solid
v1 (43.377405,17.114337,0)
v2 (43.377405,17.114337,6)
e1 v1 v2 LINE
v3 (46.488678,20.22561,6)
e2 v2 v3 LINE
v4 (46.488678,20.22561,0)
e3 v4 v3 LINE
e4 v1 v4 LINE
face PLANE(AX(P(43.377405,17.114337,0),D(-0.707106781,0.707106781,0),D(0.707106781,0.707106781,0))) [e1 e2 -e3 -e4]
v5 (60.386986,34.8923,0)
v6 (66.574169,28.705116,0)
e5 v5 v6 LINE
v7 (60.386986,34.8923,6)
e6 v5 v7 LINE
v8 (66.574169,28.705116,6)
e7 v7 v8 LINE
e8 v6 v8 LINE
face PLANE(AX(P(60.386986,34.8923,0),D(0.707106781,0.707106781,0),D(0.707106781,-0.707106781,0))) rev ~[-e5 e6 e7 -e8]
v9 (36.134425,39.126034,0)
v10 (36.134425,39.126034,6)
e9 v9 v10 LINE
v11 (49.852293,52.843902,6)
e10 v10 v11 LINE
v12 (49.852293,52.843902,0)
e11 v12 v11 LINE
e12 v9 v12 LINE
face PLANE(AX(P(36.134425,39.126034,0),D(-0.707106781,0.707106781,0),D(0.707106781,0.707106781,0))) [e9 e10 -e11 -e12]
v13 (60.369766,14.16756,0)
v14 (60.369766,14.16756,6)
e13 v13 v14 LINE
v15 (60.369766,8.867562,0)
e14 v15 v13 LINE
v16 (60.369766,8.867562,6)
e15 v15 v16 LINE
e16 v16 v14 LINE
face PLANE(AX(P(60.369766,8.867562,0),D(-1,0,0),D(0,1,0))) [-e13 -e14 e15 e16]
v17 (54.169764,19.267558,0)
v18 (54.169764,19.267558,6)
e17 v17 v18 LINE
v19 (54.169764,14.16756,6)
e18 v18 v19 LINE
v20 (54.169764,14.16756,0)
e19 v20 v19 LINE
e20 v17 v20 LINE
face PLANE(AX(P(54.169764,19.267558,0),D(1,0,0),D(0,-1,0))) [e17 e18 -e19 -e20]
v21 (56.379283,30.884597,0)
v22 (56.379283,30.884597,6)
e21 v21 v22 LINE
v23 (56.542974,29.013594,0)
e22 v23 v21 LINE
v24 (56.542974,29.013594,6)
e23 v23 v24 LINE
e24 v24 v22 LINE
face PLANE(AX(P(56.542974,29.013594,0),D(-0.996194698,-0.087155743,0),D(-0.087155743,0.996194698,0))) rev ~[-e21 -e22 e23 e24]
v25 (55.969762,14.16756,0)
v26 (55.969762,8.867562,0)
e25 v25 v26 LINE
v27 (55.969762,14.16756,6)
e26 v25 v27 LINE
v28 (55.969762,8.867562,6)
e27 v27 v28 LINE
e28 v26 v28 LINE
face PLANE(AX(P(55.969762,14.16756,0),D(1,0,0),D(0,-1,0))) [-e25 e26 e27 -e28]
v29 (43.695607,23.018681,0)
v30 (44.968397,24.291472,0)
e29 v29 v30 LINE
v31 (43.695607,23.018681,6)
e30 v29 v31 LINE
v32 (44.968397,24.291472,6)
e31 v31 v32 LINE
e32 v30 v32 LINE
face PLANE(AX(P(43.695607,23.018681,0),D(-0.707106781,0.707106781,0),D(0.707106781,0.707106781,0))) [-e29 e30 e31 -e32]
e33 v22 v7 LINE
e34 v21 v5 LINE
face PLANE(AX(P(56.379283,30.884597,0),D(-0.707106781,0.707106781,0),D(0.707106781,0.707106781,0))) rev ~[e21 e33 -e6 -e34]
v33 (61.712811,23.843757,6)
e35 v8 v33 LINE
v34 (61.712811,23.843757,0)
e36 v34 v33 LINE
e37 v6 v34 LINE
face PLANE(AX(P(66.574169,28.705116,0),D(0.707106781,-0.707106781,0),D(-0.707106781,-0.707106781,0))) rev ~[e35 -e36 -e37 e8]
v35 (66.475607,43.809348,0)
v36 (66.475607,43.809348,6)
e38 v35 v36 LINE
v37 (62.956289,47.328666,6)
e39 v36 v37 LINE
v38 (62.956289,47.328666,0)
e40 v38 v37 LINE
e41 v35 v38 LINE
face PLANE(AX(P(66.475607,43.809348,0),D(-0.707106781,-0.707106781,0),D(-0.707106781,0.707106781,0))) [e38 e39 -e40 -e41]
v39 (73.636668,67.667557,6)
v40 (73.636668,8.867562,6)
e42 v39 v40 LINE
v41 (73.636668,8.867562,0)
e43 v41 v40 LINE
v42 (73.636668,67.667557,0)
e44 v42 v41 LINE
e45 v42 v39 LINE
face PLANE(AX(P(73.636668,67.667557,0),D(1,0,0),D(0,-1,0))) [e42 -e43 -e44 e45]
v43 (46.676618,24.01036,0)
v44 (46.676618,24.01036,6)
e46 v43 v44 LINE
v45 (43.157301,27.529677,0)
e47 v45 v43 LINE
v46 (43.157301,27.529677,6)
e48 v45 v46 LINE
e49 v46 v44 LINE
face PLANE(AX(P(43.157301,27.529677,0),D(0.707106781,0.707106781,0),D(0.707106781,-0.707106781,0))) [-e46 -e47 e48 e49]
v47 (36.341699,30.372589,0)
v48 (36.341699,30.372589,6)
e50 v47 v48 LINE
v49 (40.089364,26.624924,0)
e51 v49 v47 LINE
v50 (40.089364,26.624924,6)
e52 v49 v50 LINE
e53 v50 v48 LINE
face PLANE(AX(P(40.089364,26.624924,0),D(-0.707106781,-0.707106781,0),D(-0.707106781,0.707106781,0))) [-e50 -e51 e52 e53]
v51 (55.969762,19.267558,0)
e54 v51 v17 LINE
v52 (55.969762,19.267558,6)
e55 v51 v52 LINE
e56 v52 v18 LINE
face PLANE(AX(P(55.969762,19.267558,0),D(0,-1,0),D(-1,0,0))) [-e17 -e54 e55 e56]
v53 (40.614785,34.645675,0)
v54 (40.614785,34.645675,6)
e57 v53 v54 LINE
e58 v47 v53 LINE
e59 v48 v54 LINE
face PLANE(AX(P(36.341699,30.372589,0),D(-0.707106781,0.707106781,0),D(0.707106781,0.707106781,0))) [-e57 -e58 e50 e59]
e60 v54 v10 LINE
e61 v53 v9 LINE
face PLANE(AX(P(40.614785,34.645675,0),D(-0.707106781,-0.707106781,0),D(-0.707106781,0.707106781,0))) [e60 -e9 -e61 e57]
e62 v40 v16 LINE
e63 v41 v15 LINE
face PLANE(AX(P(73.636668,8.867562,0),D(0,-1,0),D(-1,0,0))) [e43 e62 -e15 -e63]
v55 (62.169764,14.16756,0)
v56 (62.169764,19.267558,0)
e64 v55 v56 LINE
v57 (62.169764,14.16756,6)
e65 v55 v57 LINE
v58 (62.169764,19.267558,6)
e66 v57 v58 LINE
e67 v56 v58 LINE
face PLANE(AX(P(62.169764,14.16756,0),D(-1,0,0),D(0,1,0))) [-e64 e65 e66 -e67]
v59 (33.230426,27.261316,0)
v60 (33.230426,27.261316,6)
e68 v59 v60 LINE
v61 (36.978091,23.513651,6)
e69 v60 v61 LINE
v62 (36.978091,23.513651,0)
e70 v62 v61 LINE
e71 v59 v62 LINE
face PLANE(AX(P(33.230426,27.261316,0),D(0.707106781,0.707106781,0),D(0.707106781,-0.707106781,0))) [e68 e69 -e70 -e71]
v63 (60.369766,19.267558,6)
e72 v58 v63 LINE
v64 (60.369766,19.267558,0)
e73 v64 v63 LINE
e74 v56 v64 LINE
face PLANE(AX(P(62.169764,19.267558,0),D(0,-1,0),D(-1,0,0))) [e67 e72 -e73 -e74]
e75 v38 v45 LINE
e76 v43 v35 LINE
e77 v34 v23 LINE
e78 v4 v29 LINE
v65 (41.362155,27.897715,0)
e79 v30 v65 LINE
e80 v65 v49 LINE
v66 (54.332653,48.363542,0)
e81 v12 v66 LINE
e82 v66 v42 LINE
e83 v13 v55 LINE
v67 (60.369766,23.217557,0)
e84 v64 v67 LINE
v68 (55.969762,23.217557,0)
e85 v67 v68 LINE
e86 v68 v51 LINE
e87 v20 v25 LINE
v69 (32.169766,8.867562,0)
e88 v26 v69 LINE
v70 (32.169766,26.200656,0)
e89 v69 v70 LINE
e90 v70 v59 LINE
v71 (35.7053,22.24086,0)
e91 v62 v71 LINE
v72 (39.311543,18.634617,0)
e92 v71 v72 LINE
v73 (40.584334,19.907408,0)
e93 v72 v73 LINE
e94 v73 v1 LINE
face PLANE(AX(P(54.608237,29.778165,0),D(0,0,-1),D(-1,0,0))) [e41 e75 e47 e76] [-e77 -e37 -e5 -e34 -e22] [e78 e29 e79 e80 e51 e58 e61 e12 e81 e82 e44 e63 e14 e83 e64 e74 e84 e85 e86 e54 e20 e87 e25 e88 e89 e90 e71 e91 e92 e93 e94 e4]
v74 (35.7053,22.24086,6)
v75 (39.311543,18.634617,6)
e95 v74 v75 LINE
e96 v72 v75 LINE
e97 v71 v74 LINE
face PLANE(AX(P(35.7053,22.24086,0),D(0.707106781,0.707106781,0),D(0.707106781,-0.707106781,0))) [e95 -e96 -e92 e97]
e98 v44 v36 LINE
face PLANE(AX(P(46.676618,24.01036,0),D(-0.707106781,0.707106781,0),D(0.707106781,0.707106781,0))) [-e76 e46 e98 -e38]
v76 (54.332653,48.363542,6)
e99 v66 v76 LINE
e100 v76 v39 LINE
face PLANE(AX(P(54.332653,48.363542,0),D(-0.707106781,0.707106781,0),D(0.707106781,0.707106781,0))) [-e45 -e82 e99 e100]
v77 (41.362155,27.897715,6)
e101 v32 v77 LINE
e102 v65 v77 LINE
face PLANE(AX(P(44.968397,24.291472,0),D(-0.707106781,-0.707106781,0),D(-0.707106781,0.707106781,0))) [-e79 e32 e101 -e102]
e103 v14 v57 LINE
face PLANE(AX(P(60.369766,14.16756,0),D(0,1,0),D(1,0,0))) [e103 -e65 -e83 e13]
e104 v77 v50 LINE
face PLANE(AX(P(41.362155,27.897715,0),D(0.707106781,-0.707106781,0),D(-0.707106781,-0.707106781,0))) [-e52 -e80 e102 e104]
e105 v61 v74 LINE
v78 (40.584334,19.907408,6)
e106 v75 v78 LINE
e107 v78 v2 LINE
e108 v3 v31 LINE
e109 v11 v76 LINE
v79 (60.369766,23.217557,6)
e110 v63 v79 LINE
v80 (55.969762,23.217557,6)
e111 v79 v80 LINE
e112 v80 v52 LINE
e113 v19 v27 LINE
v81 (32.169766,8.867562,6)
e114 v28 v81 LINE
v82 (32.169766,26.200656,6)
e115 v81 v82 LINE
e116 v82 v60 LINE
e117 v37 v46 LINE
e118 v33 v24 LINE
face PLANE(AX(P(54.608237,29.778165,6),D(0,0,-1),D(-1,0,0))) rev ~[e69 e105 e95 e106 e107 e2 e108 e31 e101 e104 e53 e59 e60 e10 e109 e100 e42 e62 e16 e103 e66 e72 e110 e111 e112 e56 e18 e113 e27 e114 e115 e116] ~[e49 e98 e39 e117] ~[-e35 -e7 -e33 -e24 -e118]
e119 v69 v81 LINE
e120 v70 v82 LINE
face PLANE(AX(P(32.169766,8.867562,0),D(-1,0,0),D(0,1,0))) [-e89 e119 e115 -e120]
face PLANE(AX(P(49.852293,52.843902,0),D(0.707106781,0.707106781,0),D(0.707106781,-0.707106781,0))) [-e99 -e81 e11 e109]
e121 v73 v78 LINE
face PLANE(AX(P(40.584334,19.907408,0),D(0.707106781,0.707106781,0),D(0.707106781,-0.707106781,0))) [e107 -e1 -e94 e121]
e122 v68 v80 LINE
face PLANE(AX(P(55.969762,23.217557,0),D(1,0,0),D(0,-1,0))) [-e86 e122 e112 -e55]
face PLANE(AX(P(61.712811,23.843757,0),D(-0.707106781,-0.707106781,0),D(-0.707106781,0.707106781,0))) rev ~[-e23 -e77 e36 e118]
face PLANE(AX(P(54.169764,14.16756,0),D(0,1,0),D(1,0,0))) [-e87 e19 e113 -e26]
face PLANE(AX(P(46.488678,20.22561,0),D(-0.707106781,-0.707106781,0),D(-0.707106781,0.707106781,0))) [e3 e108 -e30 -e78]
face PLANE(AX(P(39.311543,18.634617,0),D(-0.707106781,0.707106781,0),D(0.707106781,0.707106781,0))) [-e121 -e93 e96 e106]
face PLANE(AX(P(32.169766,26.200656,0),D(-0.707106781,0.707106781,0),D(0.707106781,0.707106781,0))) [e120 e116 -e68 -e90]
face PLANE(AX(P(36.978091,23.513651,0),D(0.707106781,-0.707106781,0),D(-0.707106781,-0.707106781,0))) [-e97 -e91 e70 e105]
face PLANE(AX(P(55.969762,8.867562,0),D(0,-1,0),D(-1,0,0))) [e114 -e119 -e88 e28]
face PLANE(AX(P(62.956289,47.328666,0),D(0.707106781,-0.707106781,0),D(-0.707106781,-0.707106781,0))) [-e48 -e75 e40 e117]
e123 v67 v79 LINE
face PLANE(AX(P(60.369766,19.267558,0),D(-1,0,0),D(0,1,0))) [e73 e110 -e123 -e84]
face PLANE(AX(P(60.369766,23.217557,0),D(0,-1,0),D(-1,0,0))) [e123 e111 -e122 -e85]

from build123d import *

# Parameters (mm, degrees)
RESSALTO_EXTRUS_O1_DEPTH = 6


with BuildPart() as part:
    # Model → Ressalto-extrusão1 (new body)
    with BuildSketch(Plane.XY):
        Polygon((36.978091014, 23.513650985), (35.70530016, 22.240860131), (39.311542875, 18.634617416), (40.584333729, 19.90740827), (43.377405166, 17.114336834), (46.488678057, 20.225609725), (43.695606621, 23.018681162), (44.968397475, 24.291472016), (41.36215476, 27.897714731), (40.089363906, 26.624923877), (36.341699099, 30.372588684), (40.614784991, 34.645674576), (36.134425304, 39.126034262), (49.852292818, 52.843901776), (54.332652505, 48.36354209), (73.636667559, 67.667557144), (73.636667559, 8.867561848), (60.3697662, 8.867561848), (60.3697662, 14.167560246), (62.169764288, 14.167560246), (62.169764288, 19.267557602), (60.3697662, 19.267557602), (60.3697662, 23.217557109), (55.96976188, 23.217557109), (55.96976188, 19.267557602), (54.169763792, 19.267557602), (54.169763792, 14.167560246), (55.96976188, 14.167560246), (55.96976188, 8.867561848), (32.16976612, 8.867561848), (32.16976612, 26.200655705), (33.230426207, 27.261315792), align=None)
        Polygon((60.386985649, 34.892299852), (66.57416949, 28.705116012), (61.712810758, 23.84375728), (56.542974359, 29.013593679), (56.37928278, 30.884596983), align=None, mode=Mode.SUBTRACT)
        Polygon((46.676618489, 24.010359591), (66.475606779, 43.80934788), (62.956288895, 47.328665763), (43.157300606, 27.529677474), align=None, mode=Mode.SUBTRACT)
    extrude(amount=RESSALTO_EXTRUS_O1_DEPTH)


solid = part.part
